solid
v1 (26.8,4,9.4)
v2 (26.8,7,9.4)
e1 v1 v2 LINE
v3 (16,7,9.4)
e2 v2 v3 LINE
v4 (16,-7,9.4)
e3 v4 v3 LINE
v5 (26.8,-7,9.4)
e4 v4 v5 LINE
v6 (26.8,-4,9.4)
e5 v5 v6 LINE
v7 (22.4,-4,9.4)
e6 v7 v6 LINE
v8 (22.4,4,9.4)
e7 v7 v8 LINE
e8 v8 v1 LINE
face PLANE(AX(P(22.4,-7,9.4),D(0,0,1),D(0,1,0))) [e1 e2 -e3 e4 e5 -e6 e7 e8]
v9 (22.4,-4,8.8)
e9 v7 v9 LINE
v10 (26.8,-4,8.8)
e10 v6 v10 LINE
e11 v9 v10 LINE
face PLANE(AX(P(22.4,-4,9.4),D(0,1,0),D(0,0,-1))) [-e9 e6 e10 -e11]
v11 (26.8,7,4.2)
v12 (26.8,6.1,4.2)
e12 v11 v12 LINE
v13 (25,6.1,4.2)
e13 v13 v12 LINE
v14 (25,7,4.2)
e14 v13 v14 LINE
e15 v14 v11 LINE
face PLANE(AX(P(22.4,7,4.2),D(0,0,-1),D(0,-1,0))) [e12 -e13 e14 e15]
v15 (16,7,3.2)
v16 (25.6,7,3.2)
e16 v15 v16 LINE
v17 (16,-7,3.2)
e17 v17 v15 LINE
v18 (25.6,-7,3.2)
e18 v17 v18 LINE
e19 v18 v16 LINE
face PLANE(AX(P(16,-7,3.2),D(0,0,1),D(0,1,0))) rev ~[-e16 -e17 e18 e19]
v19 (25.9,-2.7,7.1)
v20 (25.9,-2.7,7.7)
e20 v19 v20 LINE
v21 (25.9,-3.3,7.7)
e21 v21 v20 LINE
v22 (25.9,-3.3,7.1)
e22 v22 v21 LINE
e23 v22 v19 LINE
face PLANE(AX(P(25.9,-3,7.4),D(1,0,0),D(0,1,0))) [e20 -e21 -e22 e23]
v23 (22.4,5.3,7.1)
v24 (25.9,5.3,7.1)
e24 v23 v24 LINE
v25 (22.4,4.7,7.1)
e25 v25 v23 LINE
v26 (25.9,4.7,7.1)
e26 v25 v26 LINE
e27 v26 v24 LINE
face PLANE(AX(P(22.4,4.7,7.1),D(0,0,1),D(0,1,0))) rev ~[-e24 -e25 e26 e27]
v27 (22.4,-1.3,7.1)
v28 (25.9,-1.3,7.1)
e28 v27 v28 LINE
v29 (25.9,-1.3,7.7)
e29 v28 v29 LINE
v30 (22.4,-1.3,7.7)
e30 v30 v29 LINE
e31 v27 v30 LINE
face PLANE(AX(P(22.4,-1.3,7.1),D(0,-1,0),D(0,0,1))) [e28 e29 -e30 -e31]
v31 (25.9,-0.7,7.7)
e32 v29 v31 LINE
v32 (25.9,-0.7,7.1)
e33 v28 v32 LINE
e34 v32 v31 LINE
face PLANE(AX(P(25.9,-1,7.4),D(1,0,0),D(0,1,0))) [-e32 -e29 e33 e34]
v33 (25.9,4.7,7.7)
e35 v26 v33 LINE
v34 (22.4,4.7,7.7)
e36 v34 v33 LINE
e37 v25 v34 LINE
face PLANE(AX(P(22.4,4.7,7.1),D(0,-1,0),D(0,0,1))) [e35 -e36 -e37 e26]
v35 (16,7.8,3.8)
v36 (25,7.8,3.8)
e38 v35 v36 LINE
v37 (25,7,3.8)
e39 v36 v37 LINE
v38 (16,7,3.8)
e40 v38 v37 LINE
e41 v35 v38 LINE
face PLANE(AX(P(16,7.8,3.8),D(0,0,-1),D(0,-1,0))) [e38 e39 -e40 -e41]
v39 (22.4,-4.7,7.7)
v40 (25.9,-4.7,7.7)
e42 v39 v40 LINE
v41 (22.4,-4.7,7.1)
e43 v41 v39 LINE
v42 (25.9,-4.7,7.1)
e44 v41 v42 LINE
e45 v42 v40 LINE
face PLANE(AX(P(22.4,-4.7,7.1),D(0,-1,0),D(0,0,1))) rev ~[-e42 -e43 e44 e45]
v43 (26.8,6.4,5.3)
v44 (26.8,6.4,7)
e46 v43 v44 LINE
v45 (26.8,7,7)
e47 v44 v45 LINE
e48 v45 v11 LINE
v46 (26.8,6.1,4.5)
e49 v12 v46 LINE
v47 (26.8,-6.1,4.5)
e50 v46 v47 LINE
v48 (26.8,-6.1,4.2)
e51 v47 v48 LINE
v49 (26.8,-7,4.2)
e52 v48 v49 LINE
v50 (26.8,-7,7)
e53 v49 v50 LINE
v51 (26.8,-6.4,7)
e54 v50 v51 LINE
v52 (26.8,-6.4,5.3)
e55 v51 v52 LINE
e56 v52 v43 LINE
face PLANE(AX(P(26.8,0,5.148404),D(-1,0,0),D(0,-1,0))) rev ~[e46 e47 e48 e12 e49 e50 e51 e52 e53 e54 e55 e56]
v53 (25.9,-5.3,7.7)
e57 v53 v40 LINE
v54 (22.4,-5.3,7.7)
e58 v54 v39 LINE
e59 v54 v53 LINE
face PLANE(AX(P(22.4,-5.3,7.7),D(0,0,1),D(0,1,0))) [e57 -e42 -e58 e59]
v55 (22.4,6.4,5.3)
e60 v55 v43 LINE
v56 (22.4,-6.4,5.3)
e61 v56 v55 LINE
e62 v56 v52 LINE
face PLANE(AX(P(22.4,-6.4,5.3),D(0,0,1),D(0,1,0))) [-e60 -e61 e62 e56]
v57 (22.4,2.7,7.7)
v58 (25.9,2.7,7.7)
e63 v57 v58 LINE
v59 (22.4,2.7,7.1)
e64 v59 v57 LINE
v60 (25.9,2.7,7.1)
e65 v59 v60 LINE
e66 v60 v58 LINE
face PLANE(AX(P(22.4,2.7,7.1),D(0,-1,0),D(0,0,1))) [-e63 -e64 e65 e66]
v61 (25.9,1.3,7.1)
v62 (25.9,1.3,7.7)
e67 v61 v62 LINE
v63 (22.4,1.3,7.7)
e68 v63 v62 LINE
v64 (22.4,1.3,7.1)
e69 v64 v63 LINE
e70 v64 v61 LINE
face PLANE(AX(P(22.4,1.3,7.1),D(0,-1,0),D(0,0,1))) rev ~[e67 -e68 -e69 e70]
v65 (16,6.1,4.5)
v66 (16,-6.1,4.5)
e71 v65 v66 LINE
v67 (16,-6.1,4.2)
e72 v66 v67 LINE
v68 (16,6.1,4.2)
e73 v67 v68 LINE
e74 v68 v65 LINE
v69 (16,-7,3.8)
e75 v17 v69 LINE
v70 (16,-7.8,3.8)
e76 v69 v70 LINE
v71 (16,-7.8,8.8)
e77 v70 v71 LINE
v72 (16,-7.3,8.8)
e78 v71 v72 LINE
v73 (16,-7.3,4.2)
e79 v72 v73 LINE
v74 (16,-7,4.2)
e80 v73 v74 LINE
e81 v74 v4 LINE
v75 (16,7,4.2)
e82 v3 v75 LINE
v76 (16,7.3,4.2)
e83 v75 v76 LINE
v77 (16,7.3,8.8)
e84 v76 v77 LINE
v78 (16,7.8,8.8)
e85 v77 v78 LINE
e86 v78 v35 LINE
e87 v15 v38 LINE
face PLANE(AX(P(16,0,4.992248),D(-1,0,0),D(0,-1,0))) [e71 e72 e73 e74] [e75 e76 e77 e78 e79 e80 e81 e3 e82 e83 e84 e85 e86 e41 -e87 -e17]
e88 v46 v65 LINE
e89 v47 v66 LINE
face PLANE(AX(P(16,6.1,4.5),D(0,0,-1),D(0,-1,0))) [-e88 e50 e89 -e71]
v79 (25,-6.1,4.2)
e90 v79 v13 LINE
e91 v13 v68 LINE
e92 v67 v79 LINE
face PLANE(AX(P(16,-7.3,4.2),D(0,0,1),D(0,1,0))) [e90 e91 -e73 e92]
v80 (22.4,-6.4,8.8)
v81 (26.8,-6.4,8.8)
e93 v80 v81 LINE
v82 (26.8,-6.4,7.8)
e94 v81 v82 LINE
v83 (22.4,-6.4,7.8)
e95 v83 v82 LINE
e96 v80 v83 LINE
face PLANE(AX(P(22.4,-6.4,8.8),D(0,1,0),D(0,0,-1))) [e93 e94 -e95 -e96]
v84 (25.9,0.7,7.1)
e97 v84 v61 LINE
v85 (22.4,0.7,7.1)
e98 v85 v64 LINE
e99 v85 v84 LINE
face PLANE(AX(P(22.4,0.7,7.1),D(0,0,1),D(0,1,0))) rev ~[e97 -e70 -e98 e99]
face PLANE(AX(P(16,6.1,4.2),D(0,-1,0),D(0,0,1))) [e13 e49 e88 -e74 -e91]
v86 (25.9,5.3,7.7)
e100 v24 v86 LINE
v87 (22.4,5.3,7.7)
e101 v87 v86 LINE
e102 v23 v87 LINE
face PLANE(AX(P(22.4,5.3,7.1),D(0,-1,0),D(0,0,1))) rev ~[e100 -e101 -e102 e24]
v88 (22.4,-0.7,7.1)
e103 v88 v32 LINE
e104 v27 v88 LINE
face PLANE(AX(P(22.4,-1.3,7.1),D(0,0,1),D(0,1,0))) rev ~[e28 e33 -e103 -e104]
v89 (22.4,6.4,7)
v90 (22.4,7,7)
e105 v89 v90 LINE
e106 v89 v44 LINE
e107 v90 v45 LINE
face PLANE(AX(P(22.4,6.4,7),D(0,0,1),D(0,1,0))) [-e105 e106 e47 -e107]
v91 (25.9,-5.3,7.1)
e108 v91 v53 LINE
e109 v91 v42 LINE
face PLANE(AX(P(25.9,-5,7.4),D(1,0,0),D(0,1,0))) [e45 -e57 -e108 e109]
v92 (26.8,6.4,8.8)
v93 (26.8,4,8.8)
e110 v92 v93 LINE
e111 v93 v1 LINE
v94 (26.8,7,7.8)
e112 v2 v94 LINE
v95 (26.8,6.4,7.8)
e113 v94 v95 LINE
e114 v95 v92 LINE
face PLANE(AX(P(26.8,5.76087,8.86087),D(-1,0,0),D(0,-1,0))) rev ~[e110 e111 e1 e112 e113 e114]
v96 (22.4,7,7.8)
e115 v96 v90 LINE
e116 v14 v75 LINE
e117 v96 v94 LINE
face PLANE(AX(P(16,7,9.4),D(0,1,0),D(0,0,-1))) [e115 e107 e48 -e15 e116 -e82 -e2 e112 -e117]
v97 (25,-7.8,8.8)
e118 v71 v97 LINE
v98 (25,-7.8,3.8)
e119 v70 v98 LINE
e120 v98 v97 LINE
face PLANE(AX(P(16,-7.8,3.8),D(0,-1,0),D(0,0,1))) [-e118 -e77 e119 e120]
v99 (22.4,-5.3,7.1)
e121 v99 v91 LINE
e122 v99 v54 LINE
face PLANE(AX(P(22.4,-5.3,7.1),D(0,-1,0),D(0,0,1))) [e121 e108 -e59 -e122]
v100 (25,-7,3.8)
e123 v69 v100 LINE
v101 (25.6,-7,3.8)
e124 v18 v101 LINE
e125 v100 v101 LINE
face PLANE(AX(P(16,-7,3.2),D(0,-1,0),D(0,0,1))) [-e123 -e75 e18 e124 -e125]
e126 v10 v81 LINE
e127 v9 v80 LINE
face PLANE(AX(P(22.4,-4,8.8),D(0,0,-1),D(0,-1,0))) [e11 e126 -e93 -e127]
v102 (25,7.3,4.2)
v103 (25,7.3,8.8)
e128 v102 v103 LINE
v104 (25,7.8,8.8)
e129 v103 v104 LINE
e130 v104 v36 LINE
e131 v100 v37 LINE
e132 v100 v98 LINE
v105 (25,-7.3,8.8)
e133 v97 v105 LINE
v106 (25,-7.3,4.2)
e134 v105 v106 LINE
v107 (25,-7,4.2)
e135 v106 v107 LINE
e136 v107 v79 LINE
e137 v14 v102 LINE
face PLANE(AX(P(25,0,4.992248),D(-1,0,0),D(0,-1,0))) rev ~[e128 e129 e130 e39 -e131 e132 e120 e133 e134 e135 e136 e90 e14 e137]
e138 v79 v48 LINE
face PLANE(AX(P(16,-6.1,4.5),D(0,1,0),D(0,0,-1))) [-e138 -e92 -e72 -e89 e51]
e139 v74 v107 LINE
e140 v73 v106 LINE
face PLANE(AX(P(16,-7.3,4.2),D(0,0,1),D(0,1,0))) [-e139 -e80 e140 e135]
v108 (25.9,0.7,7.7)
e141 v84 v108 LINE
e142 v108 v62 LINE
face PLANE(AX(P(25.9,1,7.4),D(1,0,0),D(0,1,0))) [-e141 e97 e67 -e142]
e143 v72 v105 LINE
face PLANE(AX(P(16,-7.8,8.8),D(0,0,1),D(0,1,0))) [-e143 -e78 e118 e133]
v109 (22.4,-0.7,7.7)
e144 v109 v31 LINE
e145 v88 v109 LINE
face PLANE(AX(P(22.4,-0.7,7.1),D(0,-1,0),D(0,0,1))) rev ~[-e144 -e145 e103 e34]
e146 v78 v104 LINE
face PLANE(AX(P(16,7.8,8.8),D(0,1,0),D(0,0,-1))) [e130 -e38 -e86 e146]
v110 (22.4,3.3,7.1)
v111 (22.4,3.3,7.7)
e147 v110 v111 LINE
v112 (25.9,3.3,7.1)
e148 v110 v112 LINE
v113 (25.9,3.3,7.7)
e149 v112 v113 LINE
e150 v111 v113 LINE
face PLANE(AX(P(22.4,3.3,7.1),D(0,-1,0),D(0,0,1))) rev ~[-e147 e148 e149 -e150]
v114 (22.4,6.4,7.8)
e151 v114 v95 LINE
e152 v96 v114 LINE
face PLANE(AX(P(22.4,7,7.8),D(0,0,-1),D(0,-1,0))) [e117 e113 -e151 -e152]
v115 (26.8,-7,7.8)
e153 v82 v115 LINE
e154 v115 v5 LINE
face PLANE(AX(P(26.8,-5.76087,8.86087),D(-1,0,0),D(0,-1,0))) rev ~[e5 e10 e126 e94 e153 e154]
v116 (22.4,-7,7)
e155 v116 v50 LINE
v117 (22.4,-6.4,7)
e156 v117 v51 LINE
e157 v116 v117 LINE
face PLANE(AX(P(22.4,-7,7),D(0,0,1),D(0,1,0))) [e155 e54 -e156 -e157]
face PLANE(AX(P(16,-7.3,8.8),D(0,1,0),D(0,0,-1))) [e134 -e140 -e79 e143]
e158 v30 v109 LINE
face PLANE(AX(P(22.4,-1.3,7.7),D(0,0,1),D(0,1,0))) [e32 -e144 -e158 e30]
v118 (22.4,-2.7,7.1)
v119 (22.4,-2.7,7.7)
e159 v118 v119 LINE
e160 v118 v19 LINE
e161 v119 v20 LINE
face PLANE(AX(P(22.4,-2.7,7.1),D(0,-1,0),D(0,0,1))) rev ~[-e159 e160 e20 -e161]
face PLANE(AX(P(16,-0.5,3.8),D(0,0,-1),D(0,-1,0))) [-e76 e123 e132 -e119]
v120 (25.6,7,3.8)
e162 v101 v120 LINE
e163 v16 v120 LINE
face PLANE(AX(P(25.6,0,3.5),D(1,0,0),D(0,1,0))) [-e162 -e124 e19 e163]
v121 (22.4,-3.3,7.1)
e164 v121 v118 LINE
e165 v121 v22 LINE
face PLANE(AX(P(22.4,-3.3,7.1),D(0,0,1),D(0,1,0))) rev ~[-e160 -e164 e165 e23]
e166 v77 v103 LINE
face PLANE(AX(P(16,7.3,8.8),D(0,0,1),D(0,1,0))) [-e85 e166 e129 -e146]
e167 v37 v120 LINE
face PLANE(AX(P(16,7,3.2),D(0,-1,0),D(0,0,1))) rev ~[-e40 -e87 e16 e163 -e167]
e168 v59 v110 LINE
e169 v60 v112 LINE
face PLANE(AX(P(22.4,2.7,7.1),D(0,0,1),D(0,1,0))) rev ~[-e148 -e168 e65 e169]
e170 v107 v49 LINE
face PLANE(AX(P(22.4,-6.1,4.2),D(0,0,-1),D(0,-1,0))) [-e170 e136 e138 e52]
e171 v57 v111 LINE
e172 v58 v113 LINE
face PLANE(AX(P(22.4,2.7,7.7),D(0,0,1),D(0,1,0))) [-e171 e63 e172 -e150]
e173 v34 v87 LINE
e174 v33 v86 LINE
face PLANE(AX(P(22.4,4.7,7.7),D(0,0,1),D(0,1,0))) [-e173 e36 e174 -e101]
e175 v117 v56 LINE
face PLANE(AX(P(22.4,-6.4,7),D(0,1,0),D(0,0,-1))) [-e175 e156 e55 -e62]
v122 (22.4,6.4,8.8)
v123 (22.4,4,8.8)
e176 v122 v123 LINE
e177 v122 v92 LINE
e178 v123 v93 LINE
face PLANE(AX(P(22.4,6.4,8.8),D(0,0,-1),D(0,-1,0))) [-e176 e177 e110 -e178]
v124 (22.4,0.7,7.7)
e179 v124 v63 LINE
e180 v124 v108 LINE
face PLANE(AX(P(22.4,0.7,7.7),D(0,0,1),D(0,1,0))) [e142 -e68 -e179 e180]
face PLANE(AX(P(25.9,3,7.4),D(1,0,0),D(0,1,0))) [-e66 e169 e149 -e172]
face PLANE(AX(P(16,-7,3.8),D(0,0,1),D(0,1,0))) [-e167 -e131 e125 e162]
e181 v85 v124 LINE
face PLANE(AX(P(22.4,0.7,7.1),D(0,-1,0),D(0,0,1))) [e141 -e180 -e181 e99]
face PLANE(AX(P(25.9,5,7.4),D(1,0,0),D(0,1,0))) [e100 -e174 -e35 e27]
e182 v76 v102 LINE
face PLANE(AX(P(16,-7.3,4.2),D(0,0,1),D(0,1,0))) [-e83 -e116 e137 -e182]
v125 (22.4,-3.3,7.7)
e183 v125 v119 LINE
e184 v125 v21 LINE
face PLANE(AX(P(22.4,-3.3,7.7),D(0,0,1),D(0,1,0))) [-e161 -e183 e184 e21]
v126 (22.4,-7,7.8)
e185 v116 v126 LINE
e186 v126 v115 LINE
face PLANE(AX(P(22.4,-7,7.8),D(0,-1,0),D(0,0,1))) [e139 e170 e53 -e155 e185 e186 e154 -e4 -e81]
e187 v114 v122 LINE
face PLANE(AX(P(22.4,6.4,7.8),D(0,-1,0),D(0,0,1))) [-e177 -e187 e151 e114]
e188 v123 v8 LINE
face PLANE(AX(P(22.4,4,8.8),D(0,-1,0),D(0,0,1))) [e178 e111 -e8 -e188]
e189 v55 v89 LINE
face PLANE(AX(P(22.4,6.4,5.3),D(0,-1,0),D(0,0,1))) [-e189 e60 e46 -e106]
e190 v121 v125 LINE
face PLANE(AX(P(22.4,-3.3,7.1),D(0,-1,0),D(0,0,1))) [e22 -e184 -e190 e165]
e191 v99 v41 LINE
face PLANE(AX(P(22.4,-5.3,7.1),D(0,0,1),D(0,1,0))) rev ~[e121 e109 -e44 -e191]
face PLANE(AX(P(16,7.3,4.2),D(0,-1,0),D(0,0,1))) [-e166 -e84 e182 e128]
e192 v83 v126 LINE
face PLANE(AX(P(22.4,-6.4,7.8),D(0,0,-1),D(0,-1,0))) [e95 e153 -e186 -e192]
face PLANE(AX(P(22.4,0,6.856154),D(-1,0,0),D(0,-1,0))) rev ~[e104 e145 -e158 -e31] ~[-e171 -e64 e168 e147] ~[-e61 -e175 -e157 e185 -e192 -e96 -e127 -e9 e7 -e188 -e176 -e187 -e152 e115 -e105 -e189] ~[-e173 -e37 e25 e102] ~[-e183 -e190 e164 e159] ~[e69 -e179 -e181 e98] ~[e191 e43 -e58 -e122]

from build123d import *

# Parameters (mm, degrees)
SKETCH006_W  = 14
SKETCH006_H  = 0.6
PAD018_DEPTH = 9.6
PAD019_DEPTH = 9
PAD020_DEPTH = 6.4
PAD021_DEPTH = 4.4
SKETCH010_W  = 0.6
SKETCH010_H  = 0.6
PAD022_DEPTH = 3.5


with BuildPart() as part:
    # Sketch006 → Pad018 (new body)
    with BuildSketch(Plane.YZ.offset(16)):
        with Locations((0, 3.5)):
            Rectangle(SKETCH006_W, SKETCH006_H)
    extrude(amount=PAD018_DEPTH)

    # Sketch036 → Pad019 (join)
    with BuildSketch(Plane.YZ.offset(16)):
        Polygon((7.8, 8.8), (7.8, 3.8), (0.5, 3.8), (0, 3.4), (-0.5, 3.8), (-7.8, 3.8), (-7.8, 8.8), (-7.3, 8.8), (-7.3, 4.2), (7.3, 4.2), (7.3, 8.8), align=None)
    extrude(amount=PAD019_DEPTH)

    # Sketch037 → Pad020 (join)
    with BuildSketch(Plane.YZ.offset(16)):
        Polygon((-7, 9.4), (7, 9.4), (7, 4.2), (6.1, 4.2), (6.1, 4.5), (-6.1, 4.5), (-6.1, 4.2), (-7, 4.2), align=None)
    extrude(amount=PAD020_DEPTH)

    # Sketch038 (on Face21 of Pad020) → Pad021 (join)
    with BuildSketch(Plane.YZ.offset(22.4)):
        Polygon((-7, 9.4), (-4, 9.4), (-4, 8.8), (-6.4, 8.8), (-6.4, 7.8), (-7, 7.8), align=None)
        Polygon((4, 9.4), (7, 9.4), (7, 7.8), (6.4, 7.8), (6.4, 8.8), (4, 8.8), align=None)
        Polygon((7, 7), (7, 4.2), (6.1, 4.2), (6.1, 4.5), (-6.1, 4.5), (-6.1, 4.2), (-7, 4.2), (-7, 7), (-6.4, 7), (-6.4, 5.3), (6.4, 5.3), (6.4, 7), align=None)
    extrude(amount=PAD021_DEPTH)

    # Sketch010 (on Face35 of Pad021) → Pad022 (join)
    with BuildSketch(Plane.YZ.offset(22.4)):
        with Locations((-5, 7.4)):
            Rectangle(SKETCH010_W, SKETCH010_H)
        with Locations((-3, 7.4)):
            Rectangle(SKETCH010_W, SKETCH010_H)
        with Locations((-1, 7.4)):
            Rectangle(SKETCH010_W, SKETCH010_H)
        with Locations((1, 7.4)):
            Rectangle(SKETCH010_W, SKETCH010_H)
        with Locations((3, 7.4)):
            Rectangle(SKETCH010_W, SKETCH010_H)
        with Locations((5, 7.4)):
            Rectangle(SKETCH010_W, SKETCH010_H)
    extrude(amount=PAD022_DEPTH)


solid = part.part
